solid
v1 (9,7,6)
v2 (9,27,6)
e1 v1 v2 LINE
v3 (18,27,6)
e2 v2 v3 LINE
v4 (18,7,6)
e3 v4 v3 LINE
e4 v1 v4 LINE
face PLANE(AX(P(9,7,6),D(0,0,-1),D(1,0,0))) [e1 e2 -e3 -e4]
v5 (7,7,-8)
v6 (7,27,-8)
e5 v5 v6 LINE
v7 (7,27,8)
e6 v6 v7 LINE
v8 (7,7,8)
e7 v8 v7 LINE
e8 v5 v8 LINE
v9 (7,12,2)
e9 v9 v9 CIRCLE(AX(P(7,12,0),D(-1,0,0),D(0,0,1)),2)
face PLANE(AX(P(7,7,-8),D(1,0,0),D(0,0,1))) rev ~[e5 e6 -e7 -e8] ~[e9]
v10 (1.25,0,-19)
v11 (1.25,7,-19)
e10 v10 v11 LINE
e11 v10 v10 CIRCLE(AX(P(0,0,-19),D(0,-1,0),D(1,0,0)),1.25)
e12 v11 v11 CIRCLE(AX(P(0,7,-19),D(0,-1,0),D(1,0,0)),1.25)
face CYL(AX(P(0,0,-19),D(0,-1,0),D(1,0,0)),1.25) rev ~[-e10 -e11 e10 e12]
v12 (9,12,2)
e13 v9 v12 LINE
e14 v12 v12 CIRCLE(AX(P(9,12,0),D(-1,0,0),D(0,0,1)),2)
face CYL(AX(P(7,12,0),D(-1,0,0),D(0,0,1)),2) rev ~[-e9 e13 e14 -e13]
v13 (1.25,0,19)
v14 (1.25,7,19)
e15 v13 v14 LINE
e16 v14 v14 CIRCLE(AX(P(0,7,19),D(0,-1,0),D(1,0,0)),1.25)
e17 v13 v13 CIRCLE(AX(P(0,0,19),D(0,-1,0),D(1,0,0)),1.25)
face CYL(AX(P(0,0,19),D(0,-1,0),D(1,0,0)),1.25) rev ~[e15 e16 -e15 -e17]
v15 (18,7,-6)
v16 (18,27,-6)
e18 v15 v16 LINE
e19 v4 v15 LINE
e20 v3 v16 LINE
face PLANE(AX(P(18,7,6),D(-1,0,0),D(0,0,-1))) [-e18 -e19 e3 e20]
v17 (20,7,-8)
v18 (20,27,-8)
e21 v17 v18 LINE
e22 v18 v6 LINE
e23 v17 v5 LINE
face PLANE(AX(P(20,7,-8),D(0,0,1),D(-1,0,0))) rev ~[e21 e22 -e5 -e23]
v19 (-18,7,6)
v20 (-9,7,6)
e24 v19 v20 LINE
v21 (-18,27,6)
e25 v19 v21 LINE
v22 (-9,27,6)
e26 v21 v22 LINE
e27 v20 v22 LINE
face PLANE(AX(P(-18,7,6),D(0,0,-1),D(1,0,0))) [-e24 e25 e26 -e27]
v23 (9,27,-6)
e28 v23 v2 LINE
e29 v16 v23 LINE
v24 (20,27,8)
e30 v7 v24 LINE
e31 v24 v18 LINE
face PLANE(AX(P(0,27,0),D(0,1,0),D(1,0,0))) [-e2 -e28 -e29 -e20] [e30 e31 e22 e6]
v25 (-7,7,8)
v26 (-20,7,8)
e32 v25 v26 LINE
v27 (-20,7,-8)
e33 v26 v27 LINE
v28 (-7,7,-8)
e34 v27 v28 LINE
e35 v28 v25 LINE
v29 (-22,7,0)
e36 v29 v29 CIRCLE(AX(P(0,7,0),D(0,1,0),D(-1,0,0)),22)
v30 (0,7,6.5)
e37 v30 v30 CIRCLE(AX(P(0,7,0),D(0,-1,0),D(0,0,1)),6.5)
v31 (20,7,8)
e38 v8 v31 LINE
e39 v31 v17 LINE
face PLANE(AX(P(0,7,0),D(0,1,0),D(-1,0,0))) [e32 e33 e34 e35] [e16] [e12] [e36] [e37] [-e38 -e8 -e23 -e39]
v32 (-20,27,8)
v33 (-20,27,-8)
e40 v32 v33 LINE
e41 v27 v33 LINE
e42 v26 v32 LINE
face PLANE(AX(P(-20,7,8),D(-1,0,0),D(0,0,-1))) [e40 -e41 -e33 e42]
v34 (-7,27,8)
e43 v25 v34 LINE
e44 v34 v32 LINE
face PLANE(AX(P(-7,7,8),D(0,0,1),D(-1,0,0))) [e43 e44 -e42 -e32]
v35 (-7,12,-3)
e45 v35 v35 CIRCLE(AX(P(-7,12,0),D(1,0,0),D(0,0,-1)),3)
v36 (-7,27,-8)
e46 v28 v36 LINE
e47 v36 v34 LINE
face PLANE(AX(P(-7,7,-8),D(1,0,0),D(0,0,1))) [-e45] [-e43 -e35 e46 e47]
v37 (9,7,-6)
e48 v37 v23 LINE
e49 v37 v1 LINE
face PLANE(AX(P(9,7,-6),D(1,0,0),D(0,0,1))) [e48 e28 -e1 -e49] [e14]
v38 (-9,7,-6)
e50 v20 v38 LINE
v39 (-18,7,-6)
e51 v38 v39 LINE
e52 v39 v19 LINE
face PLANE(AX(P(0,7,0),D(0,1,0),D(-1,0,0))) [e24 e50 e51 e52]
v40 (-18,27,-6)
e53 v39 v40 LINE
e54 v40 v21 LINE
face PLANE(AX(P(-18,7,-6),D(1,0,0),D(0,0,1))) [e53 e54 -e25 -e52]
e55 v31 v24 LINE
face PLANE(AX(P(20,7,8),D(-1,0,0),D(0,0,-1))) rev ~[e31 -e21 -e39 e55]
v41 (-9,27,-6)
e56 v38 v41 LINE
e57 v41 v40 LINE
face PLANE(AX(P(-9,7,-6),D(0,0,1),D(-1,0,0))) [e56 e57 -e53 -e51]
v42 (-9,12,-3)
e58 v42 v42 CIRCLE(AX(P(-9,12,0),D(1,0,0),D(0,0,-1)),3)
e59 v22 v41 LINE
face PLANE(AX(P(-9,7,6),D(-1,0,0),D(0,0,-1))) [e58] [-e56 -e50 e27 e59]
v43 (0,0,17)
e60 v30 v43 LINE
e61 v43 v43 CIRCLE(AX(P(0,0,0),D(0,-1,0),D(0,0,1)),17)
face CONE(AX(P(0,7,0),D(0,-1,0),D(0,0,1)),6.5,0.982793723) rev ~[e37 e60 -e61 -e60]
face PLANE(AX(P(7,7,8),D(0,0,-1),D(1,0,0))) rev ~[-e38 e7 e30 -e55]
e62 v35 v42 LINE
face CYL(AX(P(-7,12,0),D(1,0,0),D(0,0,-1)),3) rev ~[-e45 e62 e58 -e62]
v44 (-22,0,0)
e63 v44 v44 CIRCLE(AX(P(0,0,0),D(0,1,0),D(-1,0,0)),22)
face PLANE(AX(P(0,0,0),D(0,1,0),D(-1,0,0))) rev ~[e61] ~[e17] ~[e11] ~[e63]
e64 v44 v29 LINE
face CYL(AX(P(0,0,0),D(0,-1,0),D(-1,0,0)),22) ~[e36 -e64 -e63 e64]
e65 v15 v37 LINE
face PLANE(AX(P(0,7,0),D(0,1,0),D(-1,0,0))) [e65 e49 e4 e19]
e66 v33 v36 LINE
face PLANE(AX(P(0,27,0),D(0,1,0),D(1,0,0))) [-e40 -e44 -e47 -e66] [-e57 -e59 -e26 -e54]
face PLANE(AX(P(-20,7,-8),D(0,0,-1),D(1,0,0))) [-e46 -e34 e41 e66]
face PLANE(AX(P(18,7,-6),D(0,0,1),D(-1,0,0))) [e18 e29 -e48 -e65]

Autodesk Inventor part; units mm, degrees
ref_plane "YZ Plane" through (0, 0, 0) normal (1, 0, 0) x (0, 1, 0)
ref_plane "XZ Plane" through (0, 0, 0) normal (0, 1, 0) x (-1, 0, 0)
ref_plane "XY Plane" through (0, 0, 0) normal (0, 0, 1) x (1, 0, 0)
sketch "Sketch1" plane through (0, 0, 0) normal (0, 1, 0) x (-1, 0, 0)
  circle A0 centre (0, 0) radius 22
  dimension "d0" = 44
extrude "Extrusion1" add sketch "Sketch1" along normal blind 7
sketch "Sketch3" plane through (0, 0, 0) normal (0, -1, 0) x (1, 0, 0)
  circle A0 centre (0, 0) radius 15
  dimension "d4" = 30
extrude "Extrusion2" [suppressed]
sketch "Sketch4" plane through (0, 2, 0) normal (0, -1, 0) x (1, 0, 0)
  circle A0 centre (0, 0) radius 12
  dimension "d11" = 24
extrude "Extrusion3" [suppressed]
sketch "Sketch5" plane through (0, 4, 0) normal (0, -1, 0) x (1, 0, 0)
  circle A0 centre (0, 0) radius 10
  dimension "d14" = 20
extrude "Extrusion4" [suppressed]
sketch "Sketch6" plane through (0, 6, 0) normal (0, -1, 0) x (1, 0, 0)
  circle A0 centre (0, 0) radius 8.5
  dimension "d17" = 17
extrude "Extrusion5" [suppressed]
sketch "Sketch7" plane through (0, 8, 0) normal (0, -1, 0) x (1, 0, 0)
  circle A0 centre (0, 0) radius 7
  dimension "d20" = 14
extrude "Extrusion6" [suppressed]
sketch "Sketch9" plane through (0, 7, 0) normal (0, 1, 0) x (1, 0, 0)
  line L0 (20, 8) -> (7, 8)
  line L1 (7, 8) -> (7, -8)
  line L2 (7, -8) -> (20, -8)
  line L3 (20, -8) -> (20, 8)
  line L4 (-20, 8) -> (-7, 8)
  line L5 (-7, 8) -> (-7, -8)
  line L6 (-7, -8) -> (-20, -8)
  line L7 (-20, -8) -> (-20, 8)
  line L8 (18, 6) -> (9, 6)
  line L9 (9, 6) -> (9, -6)
  line L10 (9, -6) -> (18, -6)
  line L11 (18, -6) -> (18, 6)
  line L12 (-9, 6) -> (-18, 6)
  line L13 (-18, 6) -> (-18, -6)
  line L14 (-18, -6) -> (-9, -6)
  line L15 (-9, -6) -> (-9, 6)
  point P0 (0, 0)
  point P1 (7, 0)
  point P2 (-7, 0)
  point P3 (9, 0)
  point P4 (-9, 0)
  dimension "d29" = 13
  dimension "d30" = 16
  dimension "d31" = 7
  dimension "d32" = 13
  dimension "d33" = 16
  dimension "d34" = 7
  dimension "d35" = 9
  dimension "d36" = 12
  dimension "d37" = 2
  dimension "d38" = 9
  dimension "d39" = 12
  dimension "d40" = 2
extrude "Extrusion8" add sketch "Sketch9" along normal blind 20
sketch "Sketch8" plane through (0, 0, 0) normal (0, -1, 0) x (1, 0, 0)
  circle A0 centre (0, 19) radius 1.25
  circle A1 centre (0, -19) radius 1.25
  point P0 (0, 0)
  dimension "d23" = 2.5
  dimension "d24" = 2.5
  dimension "d25" = 19
  dimension "d26" = 19
extrude "Extrusion7" cut sketch "Sketch8" against normal blind 14
sketch "Sketch10" plane through (-7, 10, 0) normal (1, 0, 0) x (0, 0, -1)
  circle A0 centre (0, 2) radius 3
  line L0 (-8, 17) -> (8, 17) projected
  point P0 (0, -10)
  dimension "d43" = 6
  dimension "d44" = 15
extrude "Extrusion9" cut sketch "Sketch10" against normal blind 2
sketch "Sketch11" plane through (7, 7, -8) normal (-1, 0, 0) x (0, 0, 1)
  circle A0 centre (8, 5) radius 2
  line L0 (0, 20) -> (16, 20) projected
  point P0 (8, -7)
  dimension "d47" = 4
  dimension "d48" = 15
extrude "Extrusion10" cut sketch "Sketch11" against normal blind 2
sketch "Sketch12" plane through (0, 0, 0) normal (1, 0, 0) x (0, 1, 0)
  line L0 (7, 6.5) -> (0, 17)
  line L1 (7, 0) -> (7, 6.5)
  line L2 (7, 0) -> (0, 0)
  line L3 (0, 0) -> (0, 17)
  line L4 (0, 22) -> (0, -22) projected
  dimension "d54" = 6.5
  dimension "d55" = 17
  dimension "d56" = 7
revolve "Revolution1" cut sketch "Sketch12" angle 360 about axis through (0, 7, 0) along (0, -1, 0)
properties part number "funil"
